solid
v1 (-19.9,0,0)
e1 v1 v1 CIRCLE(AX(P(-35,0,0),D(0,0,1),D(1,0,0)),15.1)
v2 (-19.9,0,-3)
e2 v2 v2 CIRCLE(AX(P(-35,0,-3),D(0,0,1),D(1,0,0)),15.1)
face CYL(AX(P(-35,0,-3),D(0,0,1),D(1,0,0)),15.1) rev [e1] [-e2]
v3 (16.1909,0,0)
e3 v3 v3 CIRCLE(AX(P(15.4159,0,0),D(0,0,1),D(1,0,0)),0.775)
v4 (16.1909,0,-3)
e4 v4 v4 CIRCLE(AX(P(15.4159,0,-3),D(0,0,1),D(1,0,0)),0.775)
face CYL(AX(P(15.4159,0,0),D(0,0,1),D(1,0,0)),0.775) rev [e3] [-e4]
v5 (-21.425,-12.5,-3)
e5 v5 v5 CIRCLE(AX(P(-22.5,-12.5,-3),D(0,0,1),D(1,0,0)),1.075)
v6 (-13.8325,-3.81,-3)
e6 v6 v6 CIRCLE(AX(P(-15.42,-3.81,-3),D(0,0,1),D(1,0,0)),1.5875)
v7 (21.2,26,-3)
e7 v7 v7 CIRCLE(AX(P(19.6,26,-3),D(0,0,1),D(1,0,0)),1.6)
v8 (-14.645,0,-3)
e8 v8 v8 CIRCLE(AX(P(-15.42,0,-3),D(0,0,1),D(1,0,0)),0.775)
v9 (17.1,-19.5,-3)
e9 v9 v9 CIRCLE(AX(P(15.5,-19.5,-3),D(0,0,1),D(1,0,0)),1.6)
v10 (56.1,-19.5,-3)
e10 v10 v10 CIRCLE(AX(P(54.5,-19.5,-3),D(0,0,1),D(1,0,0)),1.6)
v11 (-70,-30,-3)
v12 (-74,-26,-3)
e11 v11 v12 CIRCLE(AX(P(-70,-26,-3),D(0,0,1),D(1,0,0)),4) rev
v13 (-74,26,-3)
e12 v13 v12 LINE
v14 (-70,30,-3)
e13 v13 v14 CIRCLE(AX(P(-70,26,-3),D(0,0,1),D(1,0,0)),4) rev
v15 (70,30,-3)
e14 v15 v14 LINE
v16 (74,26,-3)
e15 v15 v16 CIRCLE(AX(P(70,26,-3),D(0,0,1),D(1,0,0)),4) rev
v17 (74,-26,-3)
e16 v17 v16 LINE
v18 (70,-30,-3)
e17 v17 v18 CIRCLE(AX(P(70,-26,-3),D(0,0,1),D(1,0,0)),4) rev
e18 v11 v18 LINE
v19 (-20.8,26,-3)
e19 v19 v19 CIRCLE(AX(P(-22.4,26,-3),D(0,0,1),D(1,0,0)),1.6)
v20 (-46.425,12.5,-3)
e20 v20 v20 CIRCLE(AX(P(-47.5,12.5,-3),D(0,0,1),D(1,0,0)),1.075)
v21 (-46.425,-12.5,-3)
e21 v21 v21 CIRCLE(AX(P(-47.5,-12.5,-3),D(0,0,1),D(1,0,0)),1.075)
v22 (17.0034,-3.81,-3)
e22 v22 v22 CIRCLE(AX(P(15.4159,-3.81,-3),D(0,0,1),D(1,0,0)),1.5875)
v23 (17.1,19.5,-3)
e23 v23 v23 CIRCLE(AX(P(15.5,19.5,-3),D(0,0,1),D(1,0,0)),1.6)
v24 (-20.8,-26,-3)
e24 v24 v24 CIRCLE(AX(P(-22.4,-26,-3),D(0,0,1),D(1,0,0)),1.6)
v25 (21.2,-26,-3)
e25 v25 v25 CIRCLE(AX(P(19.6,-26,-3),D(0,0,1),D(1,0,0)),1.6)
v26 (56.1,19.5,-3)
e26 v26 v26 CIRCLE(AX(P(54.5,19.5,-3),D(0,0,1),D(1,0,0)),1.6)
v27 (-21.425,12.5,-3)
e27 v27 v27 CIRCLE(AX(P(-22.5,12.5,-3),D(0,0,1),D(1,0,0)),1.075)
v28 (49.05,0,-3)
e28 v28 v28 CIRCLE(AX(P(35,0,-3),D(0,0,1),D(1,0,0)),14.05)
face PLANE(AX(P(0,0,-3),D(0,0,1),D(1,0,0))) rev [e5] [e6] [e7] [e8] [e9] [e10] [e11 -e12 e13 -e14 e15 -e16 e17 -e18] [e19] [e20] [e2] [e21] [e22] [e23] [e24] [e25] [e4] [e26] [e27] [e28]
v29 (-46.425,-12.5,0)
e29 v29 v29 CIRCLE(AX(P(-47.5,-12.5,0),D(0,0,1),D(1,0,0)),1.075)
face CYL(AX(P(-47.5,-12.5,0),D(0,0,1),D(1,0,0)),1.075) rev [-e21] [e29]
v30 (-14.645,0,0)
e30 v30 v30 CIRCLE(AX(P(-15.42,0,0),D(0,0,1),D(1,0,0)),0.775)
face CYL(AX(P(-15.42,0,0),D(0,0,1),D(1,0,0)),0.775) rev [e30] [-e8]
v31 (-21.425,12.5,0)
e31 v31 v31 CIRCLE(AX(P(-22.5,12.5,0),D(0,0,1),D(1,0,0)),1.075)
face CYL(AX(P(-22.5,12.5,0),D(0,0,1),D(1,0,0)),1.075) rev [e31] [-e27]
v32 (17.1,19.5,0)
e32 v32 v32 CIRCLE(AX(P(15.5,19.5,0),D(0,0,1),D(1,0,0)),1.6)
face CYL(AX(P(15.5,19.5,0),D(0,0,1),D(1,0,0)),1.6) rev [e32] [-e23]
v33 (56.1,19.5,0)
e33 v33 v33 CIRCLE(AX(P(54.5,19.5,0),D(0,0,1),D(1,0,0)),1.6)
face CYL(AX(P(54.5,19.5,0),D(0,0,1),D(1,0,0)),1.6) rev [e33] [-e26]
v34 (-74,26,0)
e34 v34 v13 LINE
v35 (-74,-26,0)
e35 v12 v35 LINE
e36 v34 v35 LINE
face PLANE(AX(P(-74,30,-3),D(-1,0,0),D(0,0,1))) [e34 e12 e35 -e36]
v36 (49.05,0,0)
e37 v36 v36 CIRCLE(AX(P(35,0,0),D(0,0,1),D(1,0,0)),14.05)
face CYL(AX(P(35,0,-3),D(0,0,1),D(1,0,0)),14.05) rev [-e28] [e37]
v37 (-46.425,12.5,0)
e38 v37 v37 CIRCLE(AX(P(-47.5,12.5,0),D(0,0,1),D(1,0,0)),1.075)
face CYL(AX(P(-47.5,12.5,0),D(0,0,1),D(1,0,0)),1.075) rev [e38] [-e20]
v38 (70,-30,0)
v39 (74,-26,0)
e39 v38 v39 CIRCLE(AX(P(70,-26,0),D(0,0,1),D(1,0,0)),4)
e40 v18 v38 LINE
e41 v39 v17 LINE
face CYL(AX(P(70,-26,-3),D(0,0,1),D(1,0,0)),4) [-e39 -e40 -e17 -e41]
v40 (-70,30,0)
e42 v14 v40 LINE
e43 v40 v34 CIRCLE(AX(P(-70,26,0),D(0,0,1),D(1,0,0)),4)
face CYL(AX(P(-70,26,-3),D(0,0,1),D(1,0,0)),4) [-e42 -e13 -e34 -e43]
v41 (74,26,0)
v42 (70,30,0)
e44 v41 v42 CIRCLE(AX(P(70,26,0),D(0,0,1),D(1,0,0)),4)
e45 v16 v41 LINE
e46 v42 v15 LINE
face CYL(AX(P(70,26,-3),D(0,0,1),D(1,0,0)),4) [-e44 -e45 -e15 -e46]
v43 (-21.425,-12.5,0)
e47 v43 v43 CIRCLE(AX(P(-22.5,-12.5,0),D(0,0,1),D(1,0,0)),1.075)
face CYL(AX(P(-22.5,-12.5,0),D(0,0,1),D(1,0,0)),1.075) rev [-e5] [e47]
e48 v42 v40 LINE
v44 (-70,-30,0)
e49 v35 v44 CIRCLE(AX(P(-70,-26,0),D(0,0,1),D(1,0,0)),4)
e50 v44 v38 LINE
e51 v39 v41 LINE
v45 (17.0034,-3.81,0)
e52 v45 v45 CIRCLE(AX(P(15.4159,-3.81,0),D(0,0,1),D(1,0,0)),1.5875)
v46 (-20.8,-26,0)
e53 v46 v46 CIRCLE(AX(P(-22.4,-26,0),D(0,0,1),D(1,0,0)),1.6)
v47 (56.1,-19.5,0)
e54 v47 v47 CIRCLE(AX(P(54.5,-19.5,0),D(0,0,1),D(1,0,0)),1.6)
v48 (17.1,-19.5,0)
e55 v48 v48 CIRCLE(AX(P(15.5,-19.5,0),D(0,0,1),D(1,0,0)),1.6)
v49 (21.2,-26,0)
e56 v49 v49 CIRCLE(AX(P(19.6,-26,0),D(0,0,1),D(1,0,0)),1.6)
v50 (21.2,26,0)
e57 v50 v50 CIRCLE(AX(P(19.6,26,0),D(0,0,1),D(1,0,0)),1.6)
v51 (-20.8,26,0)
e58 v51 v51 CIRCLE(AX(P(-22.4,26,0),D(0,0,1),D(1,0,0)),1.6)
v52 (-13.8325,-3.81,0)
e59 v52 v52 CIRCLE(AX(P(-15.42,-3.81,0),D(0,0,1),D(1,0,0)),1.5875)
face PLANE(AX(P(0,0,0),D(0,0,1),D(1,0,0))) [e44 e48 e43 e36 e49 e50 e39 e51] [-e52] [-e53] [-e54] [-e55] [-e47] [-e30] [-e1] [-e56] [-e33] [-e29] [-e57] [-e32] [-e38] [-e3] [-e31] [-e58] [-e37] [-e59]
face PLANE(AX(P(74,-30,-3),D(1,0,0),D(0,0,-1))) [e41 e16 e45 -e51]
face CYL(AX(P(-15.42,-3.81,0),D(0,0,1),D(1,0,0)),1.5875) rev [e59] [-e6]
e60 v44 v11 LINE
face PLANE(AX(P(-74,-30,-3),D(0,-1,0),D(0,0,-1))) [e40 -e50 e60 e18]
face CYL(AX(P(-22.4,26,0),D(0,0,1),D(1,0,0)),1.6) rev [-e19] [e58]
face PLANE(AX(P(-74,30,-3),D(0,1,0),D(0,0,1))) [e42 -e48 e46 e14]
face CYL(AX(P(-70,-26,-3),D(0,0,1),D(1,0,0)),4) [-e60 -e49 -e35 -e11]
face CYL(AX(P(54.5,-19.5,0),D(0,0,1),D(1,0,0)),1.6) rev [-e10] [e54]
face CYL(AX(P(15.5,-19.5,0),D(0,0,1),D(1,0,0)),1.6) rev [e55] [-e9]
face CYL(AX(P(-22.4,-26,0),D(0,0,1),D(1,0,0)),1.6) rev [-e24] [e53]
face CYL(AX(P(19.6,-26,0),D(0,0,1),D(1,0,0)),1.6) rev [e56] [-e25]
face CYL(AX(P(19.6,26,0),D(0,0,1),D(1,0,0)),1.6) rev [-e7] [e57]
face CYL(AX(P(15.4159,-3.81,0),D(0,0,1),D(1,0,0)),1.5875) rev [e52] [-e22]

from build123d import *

# Parameters (mm, degrees)
SKETCH3_W           = 148
SKETCH3_H           = 60
SKETCH3_R           = 15.1
SKETCH3_R_2         = 14.05
BOSS_EXTRUDE2_DEPTH = 3
FILLET1_R           = 4
EVK4_HOLES_D        = 2.15
FLIR_HOLES_D        = 3.2
VN_MOUNT_HOLES_D    = 3.175
VN_REF_HOLES_D      = 1.55
PCB_MOUNT_HOLES_D   = 3.2


with BuildPart() as part:
    # Sketch3 → Boss-Extrude2 (new body)
    with BuildSketch(Plane.XY):
        Rectangle(SKETCH3_W, SKETCH3_H)
        with Locations((-35, 0)):
            Circle(SKETCH3_R, mode=Mode.SUBTRACT)
        with Locations((35, 0)):
            Circle(SKETCH3_R_2, mode=Mode.SUBTRACT)
    extrude(amount=-BOSS_EXTRUDE2_DEPTH)

    # Fillet1
    fillet1_edges = [part.edges().sort_by_distance(p)[0] for p in [
        (-74, 30, -1.5),
        (74, 30, -1.5),
        (74, -30, -1.5),
        (-74, -30, -1.5),
    ]]
    fillet(fillet1_edges, radius=FILLET1_R)

    # EVK4-Holes (through all)
    with Locations(Plane.XY):
        with Locations((-47.5, 12.5), (-22.5, 12.5), (-22.5, -12.5), (-47.5, -12.5)):
            Hole(EVK4_HOLES_D / 2)

    # FLIR-Holes (through all)
    with Locations(Plane.XY):
        with Locations((15.5, 19.5), (54.5, 19.5), (54.5, -19.5), (15.5, -19.5)):
            Hole(FLIR_HOLES_D / 2)

    # VN-Mount-Holes (through all)
    with Locations(Plane.XY):
        with Locations((-15.42, -3.81), (15.4159, -3.81)):
            Hole(VN_MOUNT_HOLES_D / 2)

    # VN-Ref-Holes (through all)
    with Locations(Plane.XY):
        with Locations((-15.42, 0), (15.4159, 0)):
            Hole(VN_REF_HOLES_D / 2)

    # PCB-Mount-Holes (through all)
    with Locations(Plane.XY):
        with Locations((-22.4, 26), (19.6, 26), (19.6, -26), (-22.4, -26)):
            Hole(PCB_MOUNT_HOLES_D / 2)


solid = part.part
